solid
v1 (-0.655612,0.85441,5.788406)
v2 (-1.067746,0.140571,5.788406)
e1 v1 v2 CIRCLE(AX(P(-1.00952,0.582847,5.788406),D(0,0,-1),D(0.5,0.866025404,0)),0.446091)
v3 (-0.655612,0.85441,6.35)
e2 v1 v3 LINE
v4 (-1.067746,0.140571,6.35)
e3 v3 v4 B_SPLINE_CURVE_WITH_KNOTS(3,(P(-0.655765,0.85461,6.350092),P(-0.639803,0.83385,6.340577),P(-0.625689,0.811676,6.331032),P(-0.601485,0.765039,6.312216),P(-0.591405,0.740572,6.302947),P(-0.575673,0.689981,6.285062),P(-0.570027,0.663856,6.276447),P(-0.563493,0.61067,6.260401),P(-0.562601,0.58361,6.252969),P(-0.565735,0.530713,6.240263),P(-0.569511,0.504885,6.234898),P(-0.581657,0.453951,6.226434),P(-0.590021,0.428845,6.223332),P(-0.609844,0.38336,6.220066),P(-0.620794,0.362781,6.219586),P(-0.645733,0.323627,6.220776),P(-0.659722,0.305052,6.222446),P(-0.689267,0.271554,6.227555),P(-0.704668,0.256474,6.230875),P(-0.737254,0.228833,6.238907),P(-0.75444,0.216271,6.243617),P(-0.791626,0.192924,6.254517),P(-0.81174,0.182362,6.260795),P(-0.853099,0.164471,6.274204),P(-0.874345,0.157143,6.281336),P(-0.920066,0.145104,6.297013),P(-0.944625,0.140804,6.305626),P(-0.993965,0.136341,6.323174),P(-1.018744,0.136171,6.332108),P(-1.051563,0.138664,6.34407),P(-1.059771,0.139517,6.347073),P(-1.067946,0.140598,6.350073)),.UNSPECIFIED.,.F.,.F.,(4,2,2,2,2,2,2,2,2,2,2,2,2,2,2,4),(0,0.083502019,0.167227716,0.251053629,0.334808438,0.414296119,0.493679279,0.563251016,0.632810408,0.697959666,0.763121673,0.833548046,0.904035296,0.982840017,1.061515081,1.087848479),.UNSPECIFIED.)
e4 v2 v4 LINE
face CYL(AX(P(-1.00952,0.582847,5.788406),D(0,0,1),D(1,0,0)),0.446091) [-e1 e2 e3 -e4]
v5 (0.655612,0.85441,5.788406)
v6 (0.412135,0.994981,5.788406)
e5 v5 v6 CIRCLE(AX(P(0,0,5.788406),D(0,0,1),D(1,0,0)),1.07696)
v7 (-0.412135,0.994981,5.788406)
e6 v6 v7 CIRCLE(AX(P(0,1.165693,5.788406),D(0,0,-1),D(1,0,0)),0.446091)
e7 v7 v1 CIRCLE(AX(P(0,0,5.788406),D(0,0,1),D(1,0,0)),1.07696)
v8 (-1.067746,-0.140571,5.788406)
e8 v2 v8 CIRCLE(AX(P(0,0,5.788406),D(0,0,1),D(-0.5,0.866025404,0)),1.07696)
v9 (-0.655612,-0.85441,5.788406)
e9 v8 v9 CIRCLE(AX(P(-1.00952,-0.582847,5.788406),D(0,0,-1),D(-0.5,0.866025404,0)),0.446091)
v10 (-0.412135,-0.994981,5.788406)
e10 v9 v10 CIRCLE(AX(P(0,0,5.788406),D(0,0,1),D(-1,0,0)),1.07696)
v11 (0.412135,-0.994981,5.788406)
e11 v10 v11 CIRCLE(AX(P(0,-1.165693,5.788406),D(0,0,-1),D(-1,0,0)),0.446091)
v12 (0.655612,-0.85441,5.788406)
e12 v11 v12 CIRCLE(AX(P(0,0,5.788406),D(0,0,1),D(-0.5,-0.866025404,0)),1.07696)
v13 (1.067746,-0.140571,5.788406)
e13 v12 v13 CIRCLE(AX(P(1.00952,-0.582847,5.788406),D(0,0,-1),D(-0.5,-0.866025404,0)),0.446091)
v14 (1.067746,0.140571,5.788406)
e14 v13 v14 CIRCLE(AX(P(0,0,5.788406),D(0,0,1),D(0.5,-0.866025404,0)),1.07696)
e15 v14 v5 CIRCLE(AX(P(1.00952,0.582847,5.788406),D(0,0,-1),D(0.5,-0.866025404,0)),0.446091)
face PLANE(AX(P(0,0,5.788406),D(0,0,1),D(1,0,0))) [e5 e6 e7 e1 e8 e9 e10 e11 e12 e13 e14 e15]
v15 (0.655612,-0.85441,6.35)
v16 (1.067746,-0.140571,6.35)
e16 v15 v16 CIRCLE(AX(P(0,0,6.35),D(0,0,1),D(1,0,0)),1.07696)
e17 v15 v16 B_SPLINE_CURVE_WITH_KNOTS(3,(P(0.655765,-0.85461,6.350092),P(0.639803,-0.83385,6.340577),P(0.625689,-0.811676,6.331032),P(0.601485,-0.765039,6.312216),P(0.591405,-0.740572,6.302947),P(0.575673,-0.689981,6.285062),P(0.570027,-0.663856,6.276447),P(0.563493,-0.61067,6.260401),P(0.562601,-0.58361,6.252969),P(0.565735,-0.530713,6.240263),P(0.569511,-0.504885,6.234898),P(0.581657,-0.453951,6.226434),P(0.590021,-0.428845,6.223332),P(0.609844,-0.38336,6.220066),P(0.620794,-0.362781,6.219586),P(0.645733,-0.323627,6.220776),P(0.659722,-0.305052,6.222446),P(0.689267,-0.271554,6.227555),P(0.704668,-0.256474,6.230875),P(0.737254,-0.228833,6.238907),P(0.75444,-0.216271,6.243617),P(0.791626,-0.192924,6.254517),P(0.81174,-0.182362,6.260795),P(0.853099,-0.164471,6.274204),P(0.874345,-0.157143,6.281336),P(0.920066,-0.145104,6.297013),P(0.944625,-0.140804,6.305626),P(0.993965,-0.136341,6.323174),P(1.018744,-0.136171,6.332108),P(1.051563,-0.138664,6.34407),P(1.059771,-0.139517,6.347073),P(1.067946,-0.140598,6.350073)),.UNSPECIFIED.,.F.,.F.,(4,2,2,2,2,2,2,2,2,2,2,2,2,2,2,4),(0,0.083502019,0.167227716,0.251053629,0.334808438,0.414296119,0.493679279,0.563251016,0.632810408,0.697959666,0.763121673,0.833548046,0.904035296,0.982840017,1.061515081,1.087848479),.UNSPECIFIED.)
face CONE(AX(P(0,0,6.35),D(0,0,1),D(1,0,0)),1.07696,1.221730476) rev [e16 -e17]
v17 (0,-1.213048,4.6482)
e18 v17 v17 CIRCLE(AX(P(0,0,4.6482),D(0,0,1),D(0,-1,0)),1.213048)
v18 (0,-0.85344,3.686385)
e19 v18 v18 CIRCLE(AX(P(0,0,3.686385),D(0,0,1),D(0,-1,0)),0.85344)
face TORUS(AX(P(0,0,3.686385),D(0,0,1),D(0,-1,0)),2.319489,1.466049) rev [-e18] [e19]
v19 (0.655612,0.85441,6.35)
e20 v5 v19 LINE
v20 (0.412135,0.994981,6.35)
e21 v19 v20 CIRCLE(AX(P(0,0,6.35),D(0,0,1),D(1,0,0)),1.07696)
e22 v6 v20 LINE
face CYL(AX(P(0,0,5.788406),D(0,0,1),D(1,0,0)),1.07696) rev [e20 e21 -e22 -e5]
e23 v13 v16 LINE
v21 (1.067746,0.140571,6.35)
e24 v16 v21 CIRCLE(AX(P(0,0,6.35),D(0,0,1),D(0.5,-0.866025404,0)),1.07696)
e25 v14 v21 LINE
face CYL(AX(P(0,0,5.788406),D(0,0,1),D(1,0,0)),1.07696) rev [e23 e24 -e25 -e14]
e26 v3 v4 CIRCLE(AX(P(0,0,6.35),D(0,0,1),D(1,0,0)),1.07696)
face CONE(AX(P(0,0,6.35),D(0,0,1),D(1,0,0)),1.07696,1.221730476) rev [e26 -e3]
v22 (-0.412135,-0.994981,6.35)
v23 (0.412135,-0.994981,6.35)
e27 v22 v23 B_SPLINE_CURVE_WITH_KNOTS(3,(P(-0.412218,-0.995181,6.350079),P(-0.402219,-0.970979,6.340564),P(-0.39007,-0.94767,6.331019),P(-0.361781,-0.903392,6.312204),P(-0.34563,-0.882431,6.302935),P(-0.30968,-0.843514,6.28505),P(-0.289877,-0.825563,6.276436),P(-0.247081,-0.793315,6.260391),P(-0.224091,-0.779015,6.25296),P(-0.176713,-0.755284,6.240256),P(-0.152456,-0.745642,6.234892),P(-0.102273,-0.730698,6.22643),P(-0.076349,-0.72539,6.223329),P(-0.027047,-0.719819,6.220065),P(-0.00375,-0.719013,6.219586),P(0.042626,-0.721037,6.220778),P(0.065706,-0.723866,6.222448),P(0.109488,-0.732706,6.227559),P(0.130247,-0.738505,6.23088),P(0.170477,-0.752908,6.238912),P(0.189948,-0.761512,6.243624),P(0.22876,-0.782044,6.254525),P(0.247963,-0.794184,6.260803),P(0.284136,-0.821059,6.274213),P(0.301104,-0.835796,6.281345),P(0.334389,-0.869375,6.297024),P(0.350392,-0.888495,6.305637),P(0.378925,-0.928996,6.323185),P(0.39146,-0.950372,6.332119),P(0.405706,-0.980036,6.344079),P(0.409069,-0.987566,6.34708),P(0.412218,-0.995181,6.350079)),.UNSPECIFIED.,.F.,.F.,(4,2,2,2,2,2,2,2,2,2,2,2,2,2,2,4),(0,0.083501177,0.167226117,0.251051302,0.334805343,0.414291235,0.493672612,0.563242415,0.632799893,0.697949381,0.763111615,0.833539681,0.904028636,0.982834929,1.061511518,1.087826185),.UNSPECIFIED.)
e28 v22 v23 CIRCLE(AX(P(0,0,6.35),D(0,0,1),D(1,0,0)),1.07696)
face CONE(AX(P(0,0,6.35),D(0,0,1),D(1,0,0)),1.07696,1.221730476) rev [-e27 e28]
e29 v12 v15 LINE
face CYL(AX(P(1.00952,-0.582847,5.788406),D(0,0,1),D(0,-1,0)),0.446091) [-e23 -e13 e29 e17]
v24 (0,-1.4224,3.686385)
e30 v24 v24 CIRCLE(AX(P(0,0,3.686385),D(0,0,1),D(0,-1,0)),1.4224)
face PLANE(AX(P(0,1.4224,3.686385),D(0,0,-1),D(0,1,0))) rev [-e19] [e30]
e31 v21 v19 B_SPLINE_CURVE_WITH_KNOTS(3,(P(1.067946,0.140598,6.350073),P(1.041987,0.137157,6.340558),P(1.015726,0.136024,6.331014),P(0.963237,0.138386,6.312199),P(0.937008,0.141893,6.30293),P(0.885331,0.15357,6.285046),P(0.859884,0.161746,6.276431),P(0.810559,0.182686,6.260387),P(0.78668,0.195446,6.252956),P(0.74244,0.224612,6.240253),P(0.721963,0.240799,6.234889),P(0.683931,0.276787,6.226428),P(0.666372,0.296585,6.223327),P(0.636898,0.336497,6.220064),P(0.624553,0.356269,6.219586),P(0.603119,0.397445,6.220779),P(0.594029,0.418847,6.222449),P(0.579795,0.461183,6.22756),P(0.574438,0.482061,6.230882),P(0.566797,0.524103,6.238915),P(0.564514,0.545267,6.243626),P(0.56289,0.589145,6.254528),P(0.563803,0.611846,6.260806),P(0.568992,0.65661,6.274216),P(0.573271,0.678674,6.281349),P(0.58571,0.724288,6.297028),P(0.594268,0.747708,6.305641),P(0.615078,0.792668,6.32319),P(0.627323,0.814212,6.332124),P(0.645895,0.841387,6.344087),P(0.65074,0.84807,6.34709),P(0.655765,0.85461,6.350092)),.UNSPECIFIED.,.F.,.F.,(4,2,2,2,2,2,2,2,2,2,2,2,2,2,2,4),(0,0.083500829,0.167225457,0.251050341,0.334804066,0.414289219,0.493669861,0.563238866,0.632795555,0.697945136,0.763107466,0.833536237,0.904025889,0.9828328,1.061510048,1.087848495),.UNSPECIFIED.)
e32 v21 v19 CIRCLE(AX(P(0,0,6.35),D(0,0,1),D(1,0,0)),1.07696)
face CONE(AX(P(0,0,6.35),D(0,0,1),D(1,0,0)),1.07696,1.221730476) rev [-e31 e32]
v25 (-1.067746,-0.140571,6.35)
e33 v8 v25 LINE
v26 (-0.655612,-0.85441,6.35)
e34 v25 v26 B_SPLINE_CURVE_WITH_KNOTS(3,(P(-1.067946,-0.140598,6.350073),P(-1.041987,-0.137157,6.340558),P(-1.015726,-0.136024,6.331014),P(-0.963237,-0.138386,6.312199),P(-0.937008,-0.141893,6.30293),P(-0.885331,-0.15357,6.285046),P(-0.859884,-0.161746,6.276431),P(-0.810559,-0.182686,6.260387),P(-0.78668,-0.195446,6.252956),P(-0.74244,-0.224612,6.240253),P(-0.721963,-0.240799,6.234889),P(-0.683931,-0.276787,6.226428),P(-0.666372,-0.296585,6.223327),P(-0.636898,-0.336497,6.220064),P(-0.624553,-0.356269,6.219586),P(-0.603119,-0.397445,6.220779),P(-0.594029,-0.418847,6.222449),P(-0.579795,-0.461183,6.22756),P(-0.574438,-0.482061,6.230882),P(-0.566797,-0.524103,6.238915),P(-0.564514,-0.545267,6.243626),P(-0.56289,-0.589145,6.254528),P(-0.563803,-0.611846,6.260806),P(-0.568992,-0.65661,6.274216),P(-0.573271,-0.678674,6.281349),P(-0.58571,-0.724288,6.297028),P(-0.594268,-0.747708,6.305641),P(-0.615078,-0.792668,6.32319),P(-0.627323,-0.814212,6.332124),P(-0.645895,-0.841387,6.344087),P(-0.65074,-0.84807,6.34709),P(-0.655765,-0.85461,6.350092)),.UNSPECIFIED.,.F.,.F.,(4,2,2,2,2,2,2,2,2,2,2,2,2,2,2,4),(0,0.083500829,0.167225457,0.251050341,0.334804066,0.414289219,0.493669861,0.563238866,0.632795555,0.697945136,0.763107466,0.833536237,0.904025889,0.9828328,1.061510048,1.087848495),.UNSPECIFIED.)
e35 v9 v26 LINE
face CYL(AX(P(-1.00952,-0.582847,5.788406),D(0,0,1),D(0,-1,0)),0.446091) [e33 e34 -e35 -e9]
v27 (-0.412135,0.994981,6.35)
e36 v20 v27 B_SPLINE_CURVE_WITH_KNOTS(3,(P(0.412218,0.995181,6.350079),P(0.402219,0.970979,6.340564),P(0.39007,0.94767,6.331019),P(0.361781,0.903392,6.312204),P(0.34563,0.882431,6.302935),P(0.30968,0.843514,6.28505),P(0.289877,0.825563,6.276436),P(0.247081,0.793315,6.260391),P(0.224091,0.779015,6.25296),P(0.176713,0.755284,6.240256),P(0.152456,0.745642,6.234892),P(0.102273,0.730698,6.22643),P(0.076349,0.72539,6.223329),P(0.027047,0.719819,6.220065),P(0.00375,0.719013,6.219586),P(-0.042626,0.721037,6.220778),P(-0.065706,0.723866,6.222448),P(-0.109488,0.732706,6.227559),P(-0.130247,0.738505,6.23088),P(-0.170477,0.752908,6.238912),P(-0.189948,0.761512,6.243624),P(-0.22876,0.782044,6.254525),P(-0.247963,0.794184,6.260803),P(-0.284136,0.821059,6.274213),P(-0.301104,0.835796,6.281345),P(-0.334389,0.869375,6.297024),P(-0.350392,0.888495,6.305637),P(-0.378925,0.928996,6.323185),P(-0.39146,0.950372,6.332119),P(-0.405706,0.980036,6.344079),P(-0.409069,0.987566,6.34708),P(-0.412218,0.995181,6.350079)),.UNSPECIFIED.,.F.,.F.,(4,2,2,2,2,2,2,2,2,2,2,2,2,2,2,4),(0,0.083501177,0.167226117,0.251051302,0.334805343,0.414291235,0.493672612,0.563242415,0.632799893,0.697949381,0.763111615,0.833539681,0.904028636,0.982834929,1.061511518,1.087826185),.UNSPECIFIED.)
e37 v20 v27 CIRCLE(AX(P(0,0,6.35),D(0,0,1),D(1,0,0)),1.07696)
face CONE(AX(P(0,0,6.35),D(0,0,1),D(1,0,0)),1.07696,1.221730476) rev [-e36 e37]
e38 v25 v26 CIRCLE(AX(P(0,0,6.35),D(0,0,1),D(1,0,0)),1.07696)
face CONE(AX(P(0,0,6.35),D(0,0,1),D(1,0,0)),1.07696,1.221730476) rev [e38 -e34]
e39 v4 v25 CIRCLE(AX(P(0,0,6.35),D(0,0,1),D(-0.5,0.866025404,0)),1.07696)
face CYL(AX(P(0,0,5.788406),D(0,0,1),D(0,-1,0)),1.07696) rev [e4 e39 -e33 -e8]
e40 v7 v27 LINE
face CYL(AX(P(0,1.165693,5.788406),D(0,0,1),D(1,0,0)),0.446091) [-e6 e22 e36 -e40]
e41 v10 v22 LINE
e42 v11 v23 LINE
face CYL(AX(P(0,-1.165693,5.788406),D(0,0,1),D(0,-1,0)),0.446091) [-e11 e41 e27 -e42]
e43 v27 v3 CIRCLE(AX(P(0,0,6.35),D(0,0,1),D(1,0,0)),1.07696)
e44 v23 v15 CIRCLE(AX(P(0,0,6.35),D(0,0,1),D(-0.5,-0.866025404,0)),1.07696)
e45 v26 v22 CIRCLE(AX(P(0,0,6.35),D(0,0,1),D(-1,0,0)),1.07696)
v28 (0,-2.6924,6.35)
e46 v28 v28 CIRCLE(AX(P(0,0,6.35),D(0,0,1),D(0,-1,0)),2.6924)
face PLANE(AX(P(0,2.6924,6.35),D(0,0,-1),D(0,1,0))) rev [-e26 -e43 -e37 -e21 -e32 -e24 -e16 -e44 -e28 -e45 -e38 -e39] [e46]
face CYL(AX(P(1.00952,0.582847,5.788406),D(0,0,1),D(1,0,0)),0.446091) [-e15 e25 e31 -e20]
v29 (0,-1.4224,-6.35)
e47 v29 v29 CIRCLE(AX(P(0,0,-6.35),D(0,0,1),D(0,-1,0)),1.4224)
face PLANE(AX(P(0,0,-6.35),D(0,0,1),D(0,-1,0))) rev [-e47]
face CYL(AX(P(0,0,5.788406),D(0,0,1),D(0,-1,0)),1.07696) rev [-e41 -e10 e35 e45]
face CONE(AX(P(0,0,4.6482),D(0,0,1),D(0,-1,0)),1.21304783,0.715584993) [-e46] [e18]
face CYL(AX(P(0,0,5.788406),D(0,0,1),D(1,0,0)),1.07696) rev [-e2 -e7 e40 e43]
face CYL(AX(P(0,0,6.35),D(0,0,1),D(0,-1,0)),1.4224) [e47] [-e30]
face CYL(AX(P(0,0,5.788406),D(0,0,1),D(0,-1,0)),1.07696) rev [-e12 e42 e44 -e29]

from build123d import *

# Parameters (mm, degrees)
CUT_EXTRUDE14_DEPTH = 0.561594
CIRPATTERN1_COUNT   = 6


with BuildPart() as part:
    # Sketch3 → Revolve1 (revolve)
    with BuildSketch(Plane(origin=(0, 0, 0), x_dir=(0, 0, -1), z_dir=(1, 0, 0)), mode=Mode.PRIVATE) as revolve1_sk:
        with BuildLine():
            Line((-3.68638517, 1.4224), (-3.68638517, 0.85344))
            ThreePointArc((-3.68638517, 0.85344), (-4.199806429, 0.946281688), (-4.6482, 1.21304783))
            Line((-4.6482, 1.21304783), (-6.35, 2.6924))
            Line((-6.35, 2.6924), (-6.35, 0))
            Line((-6.35, 0), (6.35, 0))
            Line((6.35, 0), (6.35, 1.4224))
            Line((6.35, 1.4224), (-3.68638517, 1.4224))
        make_face()
    revolve(revolve1_sk.sketch.rotate(Axis((0, 0, 6.35), (0, 0, -1)), 180), axis=Axis((0, 0, 6.35), (0, 0, -1)))

    # Sketch21 → Cut-Extrude14 (cut)
    with BuildSketch(Plane.XY.offset(6.35)):
        with BuildLine():
            Line((0, 0), (-0.53848, 0.932674719))
            ThreePointArc((-0.53848, 0.932674719), (-0.476327228, 0.965896068), (-0.412134749, 0.994981301))
            ThreePointArc((-0.412134749, 0.994981301), (0, 0.719601666), (0.412134749, 0.994981301))
            ThreePointArc((0.412134749, 0.994981301), (0.476327228, 0.965896068), (0.53848, 0.932674719))
            Line((0.53848, 0.932674719), (0, 0))
        make_face()
    cut_extrude14 = extrude(amount=-CUT_EXTRUDE14_DEPTH, mode=Mode.SUBTRACT)

    # CirPattern1: Cut-Extrude14 ×6 about axis
    cirpattern1_axis = Axis((0, 0, 0), (0, 0, 1))
    for i in range(1, CIRPATTERN1_COUNT):
        add(cut_extrude14.rotate(cirpattern1_axis, i * 360 / CIRPATTERN1_COUNT), mode=Mode.SUBTRACT)

    # Cut-Extrude15 cone 1 section (through the dimple's axis) → Cut-Extrude15 (revolve, cut)
    with BuildSketch(Plane(origin=(0, 0, 6.35), x_dir=(0, -1, 0), z_dir=(1, 0, 0))):
        Polygon((0, 0), (1.07696, 0), (0, 0.391981383), align=None)
    revolve(axis=Axis((0, 0, 6.35), (0, 0, -1)), mode=Mode.SUBTRACT)


solid = part.part
